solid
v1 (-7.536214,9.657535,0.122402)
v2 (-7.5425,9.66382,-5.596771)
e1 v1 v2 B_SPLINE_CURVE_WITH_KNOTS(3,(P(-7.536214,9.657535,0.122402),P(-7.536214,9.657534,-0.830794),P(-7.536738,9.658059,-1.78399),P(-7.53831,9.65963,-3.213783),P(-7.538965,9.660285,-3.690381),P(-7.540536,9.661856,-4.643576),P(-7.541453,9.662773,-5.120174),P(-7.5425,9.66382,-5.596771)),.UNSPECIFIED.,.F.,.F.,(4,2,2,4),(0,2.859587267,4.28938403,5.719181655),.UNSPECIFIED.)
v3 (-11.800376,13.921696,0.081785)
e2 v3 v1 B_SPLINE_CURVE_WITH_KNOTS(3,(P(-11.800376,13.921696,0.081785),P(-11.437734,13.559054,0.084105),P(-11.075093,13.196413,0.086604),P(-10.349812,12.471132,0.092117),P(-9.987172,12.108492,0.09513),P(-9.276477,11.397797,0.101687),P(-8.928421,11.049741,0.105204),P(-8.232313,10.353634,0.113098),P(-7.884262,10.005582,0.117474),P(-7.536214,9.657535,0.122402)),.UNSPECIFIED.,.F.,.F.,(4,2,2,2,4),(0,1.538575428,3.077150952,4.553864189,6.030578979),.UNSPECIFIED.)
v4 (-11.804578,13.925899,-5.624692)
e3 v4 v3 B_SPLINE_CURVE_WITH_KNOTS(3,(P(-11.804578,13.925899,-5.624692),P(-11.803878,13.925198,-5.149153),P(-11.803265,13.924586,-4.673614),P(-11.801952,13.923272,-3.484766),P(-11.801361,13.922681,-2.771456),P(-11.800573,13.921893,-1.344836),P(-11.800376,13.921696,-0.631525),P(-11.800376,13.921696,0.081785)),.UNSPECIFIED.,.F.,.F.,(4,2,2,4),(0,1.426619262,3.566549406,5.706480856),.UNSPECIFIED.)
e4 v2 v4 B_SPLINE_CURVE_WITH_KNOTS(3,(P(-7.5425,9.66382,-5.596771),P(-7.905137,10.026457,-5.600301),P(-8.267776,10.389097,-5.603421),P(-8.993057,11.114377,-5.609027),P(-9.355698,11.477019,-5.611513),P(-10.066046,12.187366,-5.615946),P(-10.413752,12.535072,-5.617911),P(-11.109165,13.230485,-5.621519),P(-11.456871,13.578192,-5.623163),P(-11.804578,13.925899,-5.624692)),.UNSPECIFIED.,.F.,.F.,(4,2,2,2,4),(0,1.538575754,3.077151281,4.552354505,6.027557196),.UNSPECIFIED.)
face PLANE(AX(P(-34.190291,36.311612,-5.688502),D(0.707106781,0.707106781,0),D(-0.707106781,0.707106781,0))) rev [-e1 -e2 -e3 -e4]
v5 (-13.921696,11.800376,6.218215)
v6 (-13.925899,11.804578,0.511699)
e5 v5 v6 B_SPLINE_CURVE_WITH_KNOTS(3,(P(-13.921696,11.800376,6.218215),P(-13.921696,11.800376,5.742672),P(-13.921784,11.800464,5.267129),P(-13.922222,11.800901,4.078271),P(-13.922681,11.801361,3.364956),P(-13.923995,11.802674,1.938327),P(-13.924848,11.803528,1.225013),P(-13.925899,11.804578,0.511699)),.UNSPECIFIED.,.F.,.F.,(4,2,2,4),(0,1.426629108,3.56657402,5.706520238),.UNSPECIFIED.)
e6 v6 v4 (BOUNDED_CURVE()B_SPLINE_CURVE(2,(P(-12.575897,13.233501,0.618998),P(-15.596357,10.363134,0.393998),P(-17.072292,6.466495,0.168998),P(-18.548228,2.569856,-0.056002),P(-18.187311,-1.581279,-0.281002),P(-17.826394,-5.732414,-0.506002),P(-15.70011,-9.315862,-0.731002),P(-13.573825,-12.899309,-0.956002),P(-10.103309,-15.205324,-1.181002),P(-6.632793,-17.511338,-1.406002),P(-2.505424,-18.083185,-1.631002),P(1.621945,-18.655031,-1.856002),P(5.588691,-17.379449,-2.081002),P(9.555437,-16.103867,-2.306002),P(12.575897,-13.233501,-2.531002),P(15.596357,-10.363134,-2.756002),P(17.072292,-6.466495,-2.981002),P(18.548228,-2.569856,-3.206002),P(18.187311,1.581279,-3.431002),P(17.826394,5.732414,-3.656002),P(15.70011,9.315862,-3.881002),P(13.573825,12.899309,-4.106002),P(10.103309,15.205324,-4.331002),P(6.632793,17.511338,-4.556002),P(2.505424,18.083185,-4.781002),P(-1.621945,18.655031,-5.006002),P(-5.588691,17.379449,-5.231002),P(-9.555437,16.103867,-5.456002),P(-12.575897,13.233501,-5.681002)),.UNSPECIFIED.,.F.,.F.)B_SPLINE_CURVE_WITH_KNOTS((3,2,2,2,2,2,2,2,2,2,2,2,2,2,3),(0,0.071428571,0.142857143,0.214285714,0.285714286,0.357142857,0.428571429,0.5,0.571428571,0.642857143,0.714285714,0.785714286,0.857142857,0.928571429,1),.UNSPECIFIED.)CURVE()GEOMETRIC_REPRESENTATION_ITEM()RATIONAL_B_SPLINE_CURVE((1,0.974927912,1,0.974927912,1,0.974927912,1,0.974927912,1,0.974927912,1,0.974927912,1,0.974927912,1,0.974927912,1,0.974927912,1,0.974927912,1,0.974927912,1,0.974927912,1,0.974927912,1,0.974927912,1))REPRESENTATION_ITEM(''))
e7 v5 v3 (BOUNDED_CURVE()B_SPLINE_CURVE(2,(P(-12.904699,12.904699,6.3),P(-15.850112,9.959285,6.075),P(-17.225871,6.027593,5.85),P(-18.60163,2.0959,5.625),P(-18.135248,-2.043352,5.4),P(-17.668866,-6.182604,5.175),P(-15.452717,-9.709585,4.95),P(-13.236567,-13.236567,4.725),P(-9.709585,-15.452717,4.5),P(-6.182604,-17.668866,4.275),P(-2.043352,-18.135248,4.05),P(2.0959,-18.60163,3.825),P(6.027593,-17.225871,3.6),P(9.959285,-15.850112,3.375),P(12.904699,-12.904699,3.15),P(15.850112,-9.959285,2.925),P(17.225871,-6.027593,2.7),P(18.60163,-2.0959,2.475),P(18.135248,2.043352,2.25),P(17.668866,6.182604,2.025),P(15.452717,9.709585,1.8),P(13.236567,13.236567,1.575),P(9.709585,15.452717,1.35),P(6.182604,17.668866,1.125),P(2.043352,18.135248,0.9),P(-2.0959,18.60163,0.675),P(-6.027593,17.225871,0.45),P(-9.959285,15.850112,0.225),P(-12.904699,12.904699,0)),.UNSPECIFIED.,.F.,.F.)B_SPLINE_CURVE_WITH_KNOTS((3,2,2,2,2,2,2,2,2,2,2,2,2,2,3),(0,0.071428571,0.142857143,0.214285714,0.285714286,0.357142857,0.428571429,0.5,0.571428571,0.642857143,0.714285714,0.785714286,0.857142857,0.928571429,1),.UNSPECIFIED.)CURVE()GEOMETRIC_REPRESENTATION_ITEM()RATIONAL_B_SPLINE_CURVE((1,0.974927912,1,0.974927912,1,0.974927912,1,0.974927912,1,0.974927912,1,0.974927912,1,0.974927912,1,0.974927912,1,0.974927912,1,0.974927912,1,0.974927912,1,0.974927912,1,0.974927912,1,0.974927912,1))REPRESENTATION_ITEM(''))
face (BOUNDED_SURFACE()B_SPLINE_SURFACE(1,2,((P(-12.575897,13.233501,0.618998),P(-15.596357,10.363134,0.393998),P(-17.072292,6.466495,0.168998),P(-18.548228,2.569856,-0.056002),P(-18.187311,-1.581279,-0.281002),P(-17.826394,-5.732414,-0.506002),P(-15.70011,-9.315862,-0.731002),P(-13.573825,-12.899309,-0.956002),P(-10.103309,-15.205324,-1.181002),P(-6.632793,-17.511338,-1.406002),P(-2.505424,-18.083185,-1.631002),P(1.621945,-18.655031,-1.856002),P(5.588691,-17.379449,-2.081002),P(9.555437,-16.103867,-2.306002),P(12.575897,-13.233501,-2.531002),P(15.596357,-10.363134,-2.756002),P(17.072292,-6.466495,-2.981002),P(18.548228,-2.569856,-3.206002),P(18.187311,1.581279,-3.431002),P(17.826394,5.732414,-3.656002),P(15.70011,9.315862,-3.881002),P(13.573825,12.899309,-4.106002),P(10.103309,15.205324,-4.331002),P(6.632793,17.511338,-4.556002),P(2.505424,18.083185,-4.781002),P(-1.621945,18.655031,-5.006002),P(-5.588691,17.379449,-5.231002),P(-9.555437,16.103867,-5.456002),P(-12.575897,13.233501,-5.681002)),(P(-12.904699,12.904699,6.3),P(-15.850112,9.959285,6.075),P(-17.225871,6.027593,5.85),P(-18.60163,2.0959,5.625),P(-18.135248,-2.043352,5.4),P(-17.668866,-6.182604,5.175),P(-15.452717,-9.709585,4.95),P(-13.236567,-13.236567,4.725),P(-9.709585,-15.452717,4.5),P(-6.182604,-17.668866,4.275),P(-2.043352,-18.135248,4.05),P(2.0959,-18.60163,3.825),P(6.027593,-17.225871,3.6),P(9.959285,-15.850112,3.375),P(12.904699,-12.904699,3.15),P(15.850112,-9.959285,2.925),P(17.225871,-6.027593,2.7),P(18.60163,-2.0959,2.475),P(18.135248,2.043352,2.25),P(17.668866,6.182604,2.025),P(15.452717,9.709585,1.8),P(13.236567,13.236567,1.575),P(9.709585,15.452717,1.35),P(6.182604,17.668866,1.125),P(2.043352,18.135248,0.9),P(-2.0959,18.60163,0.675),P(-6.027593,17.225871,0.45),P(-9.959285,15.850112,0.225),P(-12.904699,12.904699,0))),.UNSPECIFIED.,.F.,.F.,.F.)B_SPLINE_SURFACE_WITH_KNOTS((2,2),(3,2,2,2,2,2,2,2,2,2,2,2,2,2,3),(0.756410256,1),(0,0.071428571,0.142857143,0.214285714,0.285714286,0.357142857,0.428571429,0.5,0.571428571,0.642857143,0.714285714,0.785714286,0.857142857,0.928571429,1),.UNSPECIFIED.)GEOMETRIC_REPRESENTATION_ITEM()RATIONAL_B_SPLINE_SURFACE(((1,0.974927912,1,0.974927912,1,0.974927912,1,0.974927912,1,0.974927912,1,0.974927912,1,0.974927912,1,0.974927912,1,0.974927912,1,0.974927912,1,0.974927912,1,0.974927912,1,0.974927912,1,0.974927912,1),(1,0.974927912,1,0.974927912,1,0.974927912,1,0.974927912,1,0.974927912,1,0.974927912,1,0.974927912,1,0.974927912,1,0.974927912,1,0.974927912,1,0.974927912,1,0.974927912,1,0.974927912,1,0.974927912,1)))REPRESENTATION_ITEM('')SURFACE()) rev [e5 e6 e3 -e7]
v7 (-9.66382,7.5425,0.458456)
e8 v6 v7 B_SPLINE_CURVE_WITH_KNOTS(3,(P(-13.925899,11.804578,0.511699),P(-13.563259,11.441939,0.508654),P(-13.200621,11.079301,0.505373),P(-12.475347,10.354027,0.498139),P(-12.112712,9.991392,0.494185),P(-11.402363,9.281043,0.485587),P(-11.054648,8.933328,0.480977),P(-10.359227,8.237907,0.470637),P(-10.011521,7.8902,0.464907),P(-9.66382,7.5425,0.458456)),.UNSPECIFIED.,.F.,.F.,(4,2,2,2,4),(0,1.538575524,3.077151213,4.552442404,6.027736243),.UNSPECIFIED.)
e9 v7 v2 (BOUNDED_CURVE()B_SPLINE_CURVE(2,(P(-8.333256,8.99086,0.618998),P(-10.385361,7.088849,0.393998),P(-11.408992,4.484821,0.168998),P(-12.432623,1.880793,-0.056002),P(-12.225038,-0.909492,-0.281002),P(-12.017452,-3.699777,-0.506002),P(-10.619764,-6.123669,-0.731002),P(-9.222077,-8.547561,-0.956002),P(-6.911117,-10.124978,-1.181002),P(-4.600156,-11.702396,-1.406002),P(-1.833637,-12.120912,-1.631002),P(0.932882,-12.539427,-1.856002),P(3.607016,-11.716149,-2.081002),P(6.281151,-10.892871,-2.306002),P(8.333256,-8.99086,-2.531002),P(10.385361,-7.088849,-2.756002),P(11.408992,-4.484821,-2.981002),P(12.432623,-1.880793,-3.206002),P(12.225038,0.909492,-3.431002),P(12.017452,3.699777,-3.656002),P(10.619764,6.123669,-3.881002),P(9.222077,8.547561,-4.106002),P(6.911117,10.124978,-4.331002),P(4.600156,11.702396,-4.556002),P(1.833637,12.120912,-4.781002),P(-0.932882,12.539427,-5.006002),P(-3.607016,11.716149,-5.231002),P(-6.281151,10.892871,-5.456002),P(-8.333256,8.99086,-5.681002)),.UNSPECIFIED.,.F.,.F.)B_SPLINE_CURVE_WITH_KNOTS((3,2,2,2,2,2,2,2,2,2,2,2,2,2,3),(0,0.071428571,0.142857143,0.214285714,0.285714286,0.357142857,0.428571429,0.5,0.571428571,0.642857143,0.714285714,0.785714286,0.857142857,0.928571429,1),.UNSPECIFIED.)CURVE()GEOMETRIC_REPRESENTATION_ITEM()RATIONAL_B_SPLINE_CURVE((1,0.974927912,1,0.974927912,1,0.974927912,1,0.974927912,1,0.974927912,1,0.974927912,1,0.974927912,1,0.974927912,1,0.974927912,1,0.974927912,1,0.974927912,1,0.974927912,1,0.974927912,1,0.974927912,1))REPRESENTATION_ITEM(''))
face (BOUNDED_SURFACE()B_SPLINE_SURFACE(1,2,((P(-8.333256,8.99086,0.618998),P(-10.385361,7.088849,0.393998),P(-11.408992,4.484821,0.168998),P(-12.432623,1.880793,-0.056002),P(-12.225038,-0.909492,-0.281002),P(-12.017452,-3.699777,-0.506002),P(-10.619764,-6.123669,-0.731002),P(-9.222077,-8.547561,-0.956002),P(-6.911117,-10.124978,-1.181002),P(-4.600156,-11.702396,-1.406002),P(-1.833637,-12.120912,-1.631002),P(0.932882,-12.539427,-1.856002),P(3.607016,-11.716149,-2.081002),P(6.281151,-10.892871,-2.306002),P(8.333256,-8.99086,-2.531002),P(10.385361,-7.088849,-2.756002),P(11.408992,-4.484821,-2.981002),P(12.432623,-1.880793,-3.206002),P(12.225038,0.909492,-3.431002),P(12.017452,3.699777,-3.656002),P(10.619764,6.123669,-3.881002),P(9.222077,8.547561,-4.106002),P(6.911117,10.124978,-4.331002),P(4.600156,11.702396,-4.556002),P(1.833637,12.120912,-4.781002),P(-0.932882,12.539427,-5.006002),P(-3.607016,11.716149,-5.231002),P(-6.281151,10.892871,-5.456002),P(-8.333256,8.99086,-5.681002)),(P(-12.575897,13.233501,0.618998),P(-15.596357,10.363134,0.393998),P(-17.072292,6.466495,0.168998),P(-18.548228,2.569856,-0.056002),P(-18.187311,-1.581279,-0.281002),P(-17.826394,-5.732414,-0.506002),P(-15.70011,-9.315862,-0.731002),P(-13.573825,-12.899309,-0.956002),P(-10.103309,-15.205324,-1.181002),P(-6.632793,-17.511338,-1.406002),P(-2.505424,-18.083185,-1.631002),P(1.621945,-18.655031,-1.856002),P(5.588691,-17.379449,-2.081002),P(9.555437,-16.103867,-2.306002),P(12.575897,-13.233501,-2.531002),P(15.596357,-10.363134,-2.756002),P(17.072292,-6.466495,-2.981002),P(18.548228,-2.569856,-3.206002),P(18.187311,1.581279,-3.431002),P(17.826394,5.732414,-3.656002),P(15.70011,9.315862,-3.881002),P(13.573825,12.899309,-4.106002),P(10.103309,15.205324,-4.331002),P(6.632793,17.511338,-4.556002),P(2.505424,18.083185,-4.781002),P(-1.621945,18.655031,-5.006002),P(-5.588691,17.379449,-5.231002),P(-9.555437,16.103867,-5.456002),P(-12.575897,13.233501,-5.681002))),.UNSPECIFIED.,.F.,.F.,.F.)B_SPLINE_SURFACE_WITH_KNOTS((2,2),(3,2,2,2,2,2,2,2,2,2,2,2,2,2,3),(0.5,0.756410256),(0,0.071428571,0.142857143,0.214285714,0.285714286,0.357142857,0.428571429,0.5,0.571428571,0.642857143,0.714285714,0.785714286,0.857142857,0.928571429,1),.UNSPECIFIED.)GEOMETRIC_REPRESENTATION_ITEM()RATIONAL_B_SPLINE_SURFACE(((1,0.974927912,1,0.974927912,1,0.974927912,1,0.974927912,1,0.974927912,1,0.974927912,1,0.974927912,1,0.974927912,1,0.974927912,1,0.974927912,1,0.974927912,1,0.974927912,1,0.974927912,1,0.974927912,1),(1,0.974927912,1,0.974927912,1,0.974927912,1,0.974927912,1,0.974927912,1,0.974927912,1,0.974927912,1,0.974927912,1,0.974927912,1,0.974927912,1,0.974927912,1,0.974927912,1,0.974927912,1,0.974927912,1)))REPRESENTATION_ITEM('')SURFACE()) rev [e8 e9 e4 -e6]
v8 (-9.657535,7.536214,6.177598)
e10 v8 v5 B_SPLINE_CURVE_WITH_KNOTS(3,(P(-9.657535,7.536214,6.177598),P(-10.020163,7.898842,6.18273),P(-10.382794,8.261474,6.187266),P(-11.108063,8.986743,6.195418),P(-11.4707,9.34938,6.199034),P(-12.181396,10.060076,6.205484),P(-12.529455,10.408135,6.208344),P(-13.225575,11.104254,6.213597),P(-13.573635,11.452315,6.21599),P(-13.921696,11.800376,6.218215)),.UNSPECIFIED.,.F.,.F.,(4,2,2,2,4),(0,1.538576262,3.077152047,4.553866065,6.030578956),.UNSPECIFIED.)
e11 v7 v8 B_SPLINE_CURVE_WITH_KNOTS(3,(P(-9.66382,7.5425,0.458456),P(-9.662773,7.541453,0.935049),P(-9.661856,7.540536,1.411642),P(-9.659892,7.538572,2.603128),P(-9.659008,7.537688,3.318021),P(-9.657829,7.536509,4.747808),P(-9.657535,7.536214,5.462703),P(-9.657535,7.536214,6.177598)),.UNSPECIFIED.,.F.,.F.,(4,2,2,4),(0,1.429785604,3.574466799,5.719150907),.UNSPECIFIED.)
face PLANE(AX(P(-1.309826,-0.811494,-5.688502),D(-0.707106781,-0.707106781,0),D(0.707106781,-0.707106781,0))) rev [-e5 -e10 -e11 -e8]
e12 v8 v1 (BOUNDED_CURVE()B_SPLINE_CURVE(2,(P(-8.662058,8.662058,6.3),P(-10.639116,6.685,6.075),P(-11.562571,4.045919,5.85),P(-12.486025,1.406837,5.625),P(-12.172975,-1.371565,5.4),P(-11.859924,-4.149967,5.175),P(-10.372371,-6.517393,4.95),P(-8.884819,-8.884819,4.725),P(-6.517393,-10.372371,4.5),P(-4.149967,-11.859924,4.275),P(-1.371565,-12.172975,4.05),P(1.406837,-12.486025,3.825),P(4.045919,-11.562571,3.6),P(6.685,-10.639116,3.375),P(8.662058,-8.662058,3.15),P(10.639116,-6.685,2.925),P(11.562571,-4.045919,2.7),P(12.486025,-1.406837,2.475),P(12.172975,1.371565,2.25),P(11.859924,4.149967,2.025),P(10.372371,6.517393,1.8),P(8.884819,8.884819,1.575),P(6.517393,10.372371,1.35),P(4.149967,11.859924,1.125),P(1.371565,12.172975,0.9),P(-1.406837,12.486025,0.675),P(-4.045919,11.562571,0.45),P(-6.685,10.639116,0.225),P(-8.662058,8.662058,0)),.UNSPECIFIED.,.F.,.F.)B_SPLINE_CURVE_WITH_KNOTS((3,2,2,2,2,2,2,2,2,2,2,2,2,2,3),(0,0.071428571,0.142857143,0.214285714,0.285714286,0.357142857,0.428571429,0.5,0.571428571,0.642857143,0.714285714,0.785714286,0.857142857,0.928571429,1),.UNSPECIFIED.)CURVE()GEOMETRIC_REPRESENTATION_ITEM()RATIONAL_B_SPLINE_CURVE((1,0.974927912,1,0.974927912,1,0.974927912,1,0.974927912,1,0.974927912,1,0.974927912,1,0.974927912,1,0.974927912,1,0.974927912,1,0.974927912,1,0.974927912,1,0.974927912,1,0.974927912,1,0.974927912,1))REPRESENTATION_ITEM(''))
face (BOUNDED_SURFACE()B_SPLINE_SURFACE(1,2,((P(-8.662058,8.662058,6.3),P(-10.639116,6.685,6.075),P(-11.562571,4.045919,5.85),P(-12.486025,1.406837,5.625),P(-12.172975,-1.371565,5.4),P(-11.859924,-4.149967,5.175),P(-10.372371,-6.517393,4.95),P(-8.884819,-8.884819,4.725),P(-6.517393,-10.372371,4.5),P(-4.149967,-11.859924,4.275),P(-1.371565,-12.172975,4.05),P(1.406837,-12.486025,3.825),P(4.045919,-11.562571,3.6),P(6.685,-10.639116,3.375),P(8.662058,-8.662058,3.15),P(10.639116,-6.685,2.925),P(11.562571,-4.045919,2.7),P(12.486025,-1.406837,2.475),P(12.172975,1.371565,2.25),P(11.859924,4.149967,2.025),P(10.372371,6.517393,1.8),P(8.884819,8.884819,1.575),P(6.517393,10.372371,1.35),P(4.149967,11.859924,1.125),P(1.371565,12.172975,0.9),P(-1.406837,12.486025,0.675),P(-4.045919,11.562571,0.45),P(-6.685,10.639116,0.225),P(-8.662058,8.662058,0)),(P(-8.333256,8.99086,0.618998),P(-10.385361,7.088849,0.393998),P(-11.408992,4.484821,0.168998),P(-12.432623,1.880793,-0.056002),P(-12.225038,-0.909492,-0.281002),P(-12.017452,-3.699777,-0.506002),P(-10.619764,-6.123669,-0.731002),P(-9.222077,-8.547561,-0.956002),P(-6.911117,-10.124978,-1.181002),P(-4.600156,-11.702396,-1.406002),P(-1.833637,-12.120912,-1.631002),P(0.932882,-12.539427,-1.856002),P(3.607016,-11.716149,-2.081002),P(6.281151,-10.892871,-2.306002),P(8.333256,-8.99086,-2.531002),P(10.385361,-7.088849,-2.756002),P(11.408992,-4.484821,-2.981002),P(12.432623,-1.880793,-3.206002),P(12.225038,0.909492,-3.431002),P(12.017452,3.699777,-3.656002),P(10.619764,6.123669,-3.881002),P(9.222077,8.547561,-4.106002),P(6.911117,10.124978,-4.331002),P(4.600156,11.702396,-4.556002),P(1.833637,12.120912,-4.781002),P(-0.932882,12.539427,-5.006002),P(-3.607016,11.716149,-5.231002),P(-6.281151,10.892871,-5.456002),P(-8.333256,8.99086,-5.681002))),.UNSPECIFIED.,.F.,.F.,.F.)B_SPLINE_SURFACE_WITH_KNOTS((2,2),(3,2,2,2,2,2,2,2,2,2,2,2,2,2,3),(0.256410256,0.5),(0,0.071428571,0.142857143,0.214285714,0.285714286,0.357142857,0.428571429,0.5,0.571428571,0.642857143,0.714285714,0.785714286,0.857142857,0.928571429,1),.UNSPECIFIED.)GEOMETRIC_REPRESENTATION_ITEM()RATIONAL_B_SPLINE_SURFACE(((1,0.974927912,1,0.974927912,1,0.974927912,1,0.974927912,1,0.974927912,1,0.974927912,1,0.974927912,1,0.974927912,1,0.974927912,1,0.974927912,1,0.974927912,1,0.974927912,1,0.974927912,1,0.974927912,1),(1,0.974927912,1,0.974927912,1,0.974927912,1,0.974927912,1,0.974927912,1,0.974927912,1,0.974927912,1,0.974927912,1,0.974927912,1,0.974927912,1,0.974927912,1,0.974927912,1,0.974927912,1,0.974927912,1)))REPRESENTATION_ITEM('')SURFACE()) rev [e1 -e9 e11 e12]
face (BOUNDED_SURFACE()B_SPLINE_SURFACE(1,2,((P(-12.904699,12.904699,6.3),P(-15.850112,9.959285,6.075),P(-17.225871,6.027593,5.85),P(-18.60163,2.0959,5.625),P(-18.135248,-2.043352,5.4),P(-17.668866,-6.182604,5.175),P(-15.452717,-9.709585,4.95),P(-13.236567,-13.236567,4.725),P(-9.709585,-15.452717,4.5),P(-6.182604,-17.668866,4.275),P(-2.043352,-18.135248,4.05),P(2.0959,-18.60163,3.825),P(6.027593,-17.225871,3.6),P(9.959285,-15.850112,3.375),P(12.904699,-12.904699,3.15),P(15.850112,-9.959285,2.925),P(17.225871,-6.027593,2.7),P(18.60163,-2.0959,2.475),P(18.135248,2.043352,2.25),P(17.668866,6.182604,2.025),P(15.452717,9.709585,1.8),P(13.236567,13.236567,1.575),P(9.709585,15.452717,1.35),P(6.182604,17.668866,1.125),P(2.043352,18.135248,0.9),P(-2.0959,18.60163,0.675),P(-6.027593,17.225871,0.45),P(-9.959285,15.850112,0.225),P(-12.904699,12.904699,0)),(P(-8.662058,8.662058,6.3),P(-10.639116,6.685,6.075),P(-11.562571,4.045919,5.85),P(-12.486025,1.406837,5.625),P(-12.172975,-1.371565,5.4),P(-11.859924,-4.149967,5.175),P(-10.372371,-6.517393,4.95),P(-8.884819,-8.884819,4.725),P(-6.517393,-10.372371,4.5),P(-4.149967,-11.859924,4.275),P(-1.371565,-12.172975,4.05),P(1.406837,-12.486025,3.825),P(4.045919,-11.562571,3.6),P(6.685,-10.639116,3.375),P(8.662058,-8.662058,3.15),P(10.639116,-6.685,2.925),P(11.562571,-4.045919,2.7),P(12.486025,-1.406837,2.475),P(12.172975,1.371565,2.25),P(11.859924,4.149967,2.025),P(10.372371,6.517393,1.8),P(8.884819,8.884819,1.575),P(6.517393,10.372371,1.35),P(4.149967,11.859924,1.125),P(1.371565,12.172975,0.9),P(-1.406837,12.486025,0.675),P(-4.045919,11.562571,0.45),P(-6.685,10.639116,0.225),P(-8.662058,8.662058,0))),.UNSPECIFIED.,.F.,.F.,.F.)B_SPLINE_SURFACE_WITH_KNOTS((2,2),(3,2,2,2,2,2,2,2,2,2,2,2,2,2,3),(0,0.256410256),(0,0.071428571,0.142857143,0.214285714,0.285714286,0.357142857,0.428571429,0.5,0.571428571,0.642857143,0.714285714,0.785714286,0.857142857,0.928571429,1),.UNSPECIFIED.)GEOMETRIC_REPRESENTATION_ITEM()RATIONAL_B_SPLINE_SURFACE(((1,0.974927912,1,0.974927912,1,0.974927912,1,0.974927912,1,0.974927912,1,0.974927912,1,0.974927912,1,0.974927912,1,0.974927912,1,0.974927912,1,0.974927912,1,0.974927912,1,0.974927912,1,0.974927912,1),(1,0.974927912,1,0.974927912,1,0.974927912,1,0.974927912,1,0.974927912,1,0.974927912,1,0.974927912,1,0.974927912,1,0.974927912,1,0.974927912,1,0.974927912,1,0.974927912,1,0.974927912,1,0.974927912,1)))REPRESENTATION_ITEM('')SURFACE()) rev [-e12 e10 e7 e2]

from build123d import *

# Parameters (mm, degrees)
EXTRUDE_804_DEPTH        = 0.001
EXTRUDE_804_DEPTH_BACK   = 0.001
SKETCH_6_W               = 5.66
SKETCH_6_H               = 5.96
SWEEP_3_PITCH            = 6.3
SWEEP_3_HEIGHT           = 6.3
SWEEP_3_RADIUS           = 12.25
SWEEP_3_START_ANGLE      = 135
SKETCH_7_W               = 5.7
SKETCH_7_H               = 6
CUT_EXTRUDE_1_DEPTH      = 27.575335967
CUT_EXTRUDE_1_DEPTH_BACK = 27.575335967


with BuildPart() as part:
    # 草图6 → Extrude 804 (new, two sides: drawn at the far end of the back side and taken through both)
    with BuildSketch(Plane(origin=(-8.66205807, 8.66205807, 6.3), x_dir=(0.05768456812732666, 0.057684568127325205, -0.9966669359419564), z_dir=(0.7047499489889816, 0.70474994898897, 0.08157829858529911)).offset(-EXTRUDE_804_DEPTH_BACK)):
        with Locations((2.85, 3)):
            Rectangle(SKETCH_6_W, SKETCH_6_H)
    extrude(amount=EXTRUDE_804_DEPTH + EXTRUDE_804_DEPTH_BACK)

    # 凸台-扫描3: sweep along a helix
    with BuildLine() as sweep_3_path:
        add(Helix(SWEEP_3_PITCH, SWEEP_3_HEIGHT, SWEEP_3_RADIUS, center=(0, 0, 0), direction=(0, 0, 1), lefthand=True, mode=Mode.PRIVATE).rotate(Axis((0, 0, 0), (0, 0, 1)), SWEEP_3_START_ANGLE))
    # 草图7 → 凸台-扫描3 (sweep)
    with BuildSketch(Plane(origin=(-8.66205807, 8.66205807, 6.3), x_dir=(0.05768456812732666, 0.057684568127325205, -0.9966669359419564), z_dir=(0.7047499489889816, 0.70474994898897, 0.08157829858529911))):
        with Locations((2.85, 3)):
            Rectangle(SKETCH_7_W, SKETCH_7_H)
    sweep(path=sweep_3_path.line, is_frenet=True)

    # 草图9 → 切除-拉伸1 (cut, two sides: drawn at the far end of the back side and taken through both)
    with BuildSketch(Plane.XY.offset(-CUT_EXTRUDE_1_DEPTH_BACK)):
        Polygon((-34.190291265, 36.311611608), (0.811494404, 1.30982594), (-1.30982594, -0.811494404), (-38.432931952, 36.311611608), align=None)
    extrude(amount=CUT_EXTRUDE_1_DEPTH + CUT_EXTRUDE_1_DEPTH_BACK, mode=Mode.SUBTRACT)


solid = part.part
